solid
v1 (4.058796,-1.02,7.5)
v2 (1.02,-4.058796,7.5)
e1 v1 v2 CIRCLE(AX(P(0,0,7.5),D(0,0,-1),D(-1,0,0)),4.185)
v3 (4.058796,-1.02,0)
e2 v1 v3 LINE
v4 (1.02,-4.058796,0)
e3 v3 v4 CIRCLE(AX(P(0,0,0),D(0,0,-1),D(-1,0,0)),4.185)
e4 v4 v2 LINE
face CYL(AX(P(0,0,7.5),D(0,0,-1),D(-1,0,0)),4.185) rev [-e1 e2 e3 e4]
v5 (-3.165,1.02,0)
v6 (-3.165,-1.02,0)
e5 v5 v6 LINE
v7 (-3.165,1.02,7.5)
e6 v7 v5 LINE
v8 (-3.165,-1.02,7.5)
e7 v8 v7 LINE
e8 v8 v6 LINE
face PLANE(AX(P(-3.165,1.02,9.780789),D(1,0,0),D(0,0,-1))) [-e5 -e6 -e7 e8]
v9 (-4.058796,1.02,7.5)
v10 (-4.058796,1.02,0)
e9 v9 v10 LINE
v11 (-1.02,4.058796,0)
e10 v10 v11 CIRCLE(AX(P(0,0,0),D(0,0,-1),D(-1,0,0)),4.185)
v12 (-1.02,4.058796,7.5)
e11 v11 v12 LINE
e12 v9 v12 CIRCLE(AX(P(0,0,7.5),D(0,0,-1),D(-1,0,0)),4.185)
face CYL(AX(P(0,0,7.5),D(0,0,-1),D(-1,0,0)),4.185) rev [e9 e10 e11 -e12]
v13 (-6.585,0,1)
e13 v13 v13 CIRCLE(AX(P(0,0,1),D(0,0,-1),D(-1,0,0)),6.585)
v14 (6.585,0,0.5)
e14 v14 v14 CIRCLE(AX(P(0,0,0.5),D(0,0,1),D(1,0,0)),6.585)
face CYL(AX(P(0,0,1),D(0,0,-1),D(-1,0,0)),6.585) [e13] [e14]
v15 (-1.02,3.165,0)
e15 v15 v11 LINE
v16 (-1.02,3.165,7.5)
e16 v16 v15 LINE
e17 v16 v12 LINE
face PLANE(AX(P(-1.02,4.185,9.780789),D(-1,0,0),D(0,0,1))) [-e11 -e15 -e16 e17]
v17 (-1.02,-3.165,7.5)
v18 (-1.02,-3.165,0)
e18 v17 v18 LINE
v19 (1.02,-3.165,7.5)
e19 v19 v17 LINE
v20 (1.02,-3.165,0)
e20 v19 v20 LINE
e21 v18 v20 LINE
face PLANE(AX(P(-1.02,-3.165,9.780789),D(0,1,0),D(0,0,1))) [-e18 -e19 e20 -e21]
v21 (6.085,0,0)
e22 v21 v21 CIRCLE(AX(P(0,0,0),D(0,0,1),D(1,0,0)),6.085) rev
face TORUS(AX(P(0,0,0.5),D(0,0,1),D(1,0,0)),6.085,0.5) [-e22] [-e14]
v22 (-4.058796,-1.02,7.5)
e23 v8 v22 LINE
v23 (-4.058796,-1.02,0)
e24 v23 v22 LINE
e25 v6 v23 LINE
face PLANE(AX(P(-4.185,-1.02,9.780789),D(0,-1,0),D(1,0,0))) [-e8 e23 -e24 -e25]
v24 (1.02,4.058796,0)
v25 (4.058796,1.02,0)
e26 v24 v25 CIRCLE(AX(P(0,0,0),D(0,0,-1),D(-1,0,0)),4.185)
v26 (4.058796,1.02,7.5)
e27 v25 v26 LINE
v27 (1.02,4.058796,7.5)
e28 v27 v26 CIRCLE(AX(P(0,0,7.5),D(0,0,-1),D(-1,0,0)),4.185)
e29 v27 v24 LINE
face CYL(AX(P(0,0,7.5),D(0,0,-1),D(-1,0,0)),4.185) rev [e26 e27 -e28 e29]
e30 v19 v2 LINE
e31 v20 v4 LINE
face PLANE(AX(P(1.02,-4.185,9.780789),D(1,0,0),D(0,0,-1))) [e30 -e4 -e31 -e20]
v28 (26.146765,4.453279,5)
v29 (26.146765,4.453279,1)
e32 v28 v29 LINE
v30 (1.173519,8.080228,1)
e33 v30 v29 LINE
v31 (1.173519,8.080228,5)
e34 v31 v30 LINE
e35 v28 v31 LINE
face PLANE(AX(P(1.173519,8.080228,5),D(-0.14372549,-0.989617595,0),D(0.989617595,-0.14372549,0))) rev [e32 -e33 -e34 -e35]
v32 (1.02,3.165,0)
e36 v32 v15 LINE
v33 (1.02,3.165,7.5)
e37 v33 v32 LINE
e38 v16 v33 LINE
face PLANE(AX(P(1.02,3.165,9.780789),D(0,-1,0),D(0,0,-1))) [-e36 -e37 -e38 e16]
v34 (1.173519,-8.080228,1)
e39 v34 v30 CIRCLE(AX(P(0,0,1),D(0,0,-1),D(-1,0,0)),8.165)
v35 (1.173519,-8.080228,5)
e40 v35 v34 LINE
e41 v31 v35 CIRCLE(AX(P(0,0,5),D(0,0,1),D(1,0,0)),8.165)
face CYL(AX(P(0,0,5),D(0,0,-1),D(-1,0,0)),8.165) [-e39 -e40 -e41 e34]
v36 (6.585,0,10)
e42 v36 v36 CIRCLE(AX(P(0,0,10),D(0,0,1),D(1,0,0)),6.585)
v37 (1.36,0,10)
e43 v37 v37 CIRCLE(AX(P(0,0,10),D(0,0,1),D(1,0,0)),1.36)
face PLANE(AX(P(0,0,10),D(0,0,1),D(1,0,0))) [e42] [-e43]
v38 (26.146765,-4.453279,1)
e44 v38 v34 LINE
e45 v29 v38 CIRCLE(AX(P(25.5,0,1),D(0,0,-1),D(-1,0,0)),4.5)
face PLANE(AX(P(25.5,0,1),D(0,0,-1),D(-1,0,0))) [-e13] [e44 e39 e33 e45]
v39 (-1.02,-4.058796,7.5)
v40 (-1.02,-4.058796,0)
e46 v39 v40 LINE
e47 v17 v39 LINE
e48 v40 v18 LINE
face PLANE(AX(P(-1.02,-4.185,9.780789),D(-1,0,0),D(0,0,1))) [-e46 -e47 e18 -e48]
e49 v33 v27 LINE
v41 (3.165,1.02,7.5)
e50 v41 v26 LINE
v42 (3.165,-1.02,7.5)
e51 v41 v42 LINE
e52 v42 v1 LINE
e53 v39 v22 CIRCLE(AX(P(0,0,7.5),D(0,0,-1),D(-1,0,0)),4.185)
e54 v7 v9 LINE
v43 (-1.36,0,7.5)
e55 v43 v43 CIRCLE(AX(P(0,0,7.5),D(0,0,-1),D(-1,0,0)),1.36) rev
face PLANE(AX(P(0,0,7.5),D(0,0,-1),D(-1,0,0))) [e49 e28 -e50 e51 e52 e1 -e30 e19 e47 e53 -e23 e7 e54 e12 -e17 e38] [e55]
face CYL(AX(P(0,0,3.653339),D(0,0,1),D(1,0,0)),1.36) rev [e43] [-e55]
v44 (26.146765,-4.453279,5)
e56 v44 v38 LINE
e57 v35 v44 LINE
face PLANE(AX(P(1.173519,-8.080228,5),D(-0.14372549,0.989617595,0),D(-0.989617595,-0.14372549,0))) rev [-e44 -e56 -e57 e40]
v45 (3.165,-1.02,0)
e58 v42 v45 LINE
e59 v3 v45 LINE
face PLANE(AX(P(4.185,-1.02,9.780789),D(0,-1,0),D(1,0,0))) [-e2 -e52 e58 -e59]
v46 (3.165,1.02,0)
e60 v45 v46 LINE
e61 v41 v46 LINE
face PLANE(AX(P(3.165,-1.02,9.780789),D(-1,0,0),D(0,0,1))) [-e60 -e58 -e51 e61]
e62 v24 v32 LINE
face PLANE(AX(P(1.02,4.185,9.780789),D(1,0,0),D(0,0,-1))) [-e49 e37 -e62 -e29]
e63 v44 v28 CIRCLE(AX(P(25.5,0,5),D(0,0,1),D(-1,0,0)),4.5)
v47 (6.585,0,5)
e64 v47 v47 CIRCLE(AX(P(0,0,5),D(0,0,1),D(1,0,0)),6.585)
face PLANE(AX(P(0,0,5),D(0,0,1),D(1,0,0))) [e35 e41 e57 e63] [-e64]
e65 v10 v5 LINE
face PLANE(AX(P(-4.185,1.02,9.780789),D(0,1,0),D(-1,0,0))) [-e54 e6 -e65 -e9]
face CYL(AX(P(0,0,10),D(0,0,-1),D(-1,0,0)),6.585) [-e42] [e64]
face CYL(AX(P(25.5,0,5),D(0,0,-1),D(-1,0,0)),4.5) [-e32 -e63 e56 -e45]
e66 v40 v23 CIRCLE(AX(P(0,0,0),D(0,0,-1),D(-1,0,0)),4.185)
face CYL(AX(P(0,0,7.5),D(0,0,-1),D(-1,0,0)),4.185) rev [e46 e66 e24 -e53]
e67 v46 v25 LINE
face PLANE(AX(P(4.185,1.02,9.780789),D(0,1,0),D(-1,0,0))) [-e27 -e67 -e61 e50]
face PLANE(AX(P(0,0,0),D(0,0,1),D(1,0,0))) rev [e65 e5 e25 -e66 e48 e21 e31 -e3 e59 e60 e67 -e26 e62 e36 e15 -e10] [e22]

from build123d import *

# Parameters (mm, degrees)
BOSS_EXTRUDE3_DEPTH = 5
SKETCH3_R           = 6.585
BOSS_EXTRUDE4_DEPTH = 5
SKETCH5_R           = 4.185
CUT_EXTRUDE1_DEPTH  = 7.5
SKETCH4_W           = 2.04
SKETCH4_H           = 1.02
SKETCH4_W_2         = 1.02
SKETCH4_H_2         = 2.04
BOSS_EXTRUDE5_DEPTH = 7.5
SKETCH6_R           = 1.36
CUT_EXTRUDE2_DEPTH  = 2.5
SKETCH7_R           = 6.585
CUT_EXTRUDE3_DEPTH  = 1
FILLET1_R           = 0.5


with BuildPart() as part:
    # Sketch1 → Boss-Extrude3 (new body)
    with BuildSketch(Plane.XY):
        with BuildLine():
            Line((1.173518627, 8.08022766), (26.146764706, 4.453279176))
            ThreePointArc((26.146764706, 4.453279176), (30, 0), (26.146764706, -4.453279176))
            Line((26.146764706, -4.453279176), (1.173518627, -8.08022766))
            ThreePointArc((1.173518627, -8.08022766), (-8.165, 0), (1.173518627, 8.08022766))
        make_face()
    extrude(amount=BOSS_EXTRUDE3_DEPTH)

    # Sketch3 → Boss-Extrude4 (add)
    with BuildSketch(Plane.XY.offset(5)):
        Circle(SKETCH3_R)
    extrude(amount=BOSS_EXTRUDE4_DEPTH)

    # Sketch5 → Cut-Extrude1 (cut)
    with BuildSketch(Plane(origin=(0, 0, 0), x_dir=(-1, 0, 0), z_dir=(0, 0, -1))):
        Circle(SKETCH5_R)
    extrude(amount=-CUT_EXTRUDE1_DEPTH, mode=Mode.SUBTRACT)

    # Sketch4 → Boss-Extrude5 (add)
    with BuildSketch(Plane(origin=(0, 0, 0), x_dir=(-1, 0, 0), z_dir=(0, 0, -1))):
        with Locations((0, 3.675)):
            Rectangle(SKETCH4_W, SKETCH4_H)
        with Locations((3.675, 0)):
            Rectangle(SKETCH4_W_2, SKETCH4_H_2)
        with Locations((0, -3.675)):
            Rectangle(SKETCH4_W, SKETCH4_H)
        with Locations((-3.675, 0)):
            Rectangle(SKETCH4_W_2, SKETCH4_H_2)
    extrude(amount=-BOSS_EXTRUDE5_DEPTH)

    # Sketch6 → Cut-Extrude2 (cut)
    with BuildSketch(Plane.XY.offset(10)):
        Circle(SKETCH6_R)
    extrude(amount=-CUT_EXTRUDE2_DEPTH, mode=Mode.SUBTRACT)

    # Sketch7 → Cut-Extrude3 (cut)
    with BuildSketch(Plane(origin=(0, 0, 0), x_dir=(-1, 0, 0), z_dir=(0, 0, -1))):
        with BuildLine():
            Line((-26.146764706, 4.453279176), (-1.173518627, 8.08022766))
            ThreePointArc((-1.173518627, 8.08022766), (8.165, 0), (-1.173518627, -8.08022766))
            Line((-1.173518627, -8.08022766), (-26.146764706, -4.453279176))
            ThreePointArc((-26.146764706, -4.453279176), (-30, 0), (-26.146764706, 4.453279176))
        make_face()
        with Locations(Location((0, 0, 0), (0, 0, 180))):
            Circle(SKETCH7_R, mode=Mode.SUBTRACT)
    extrude(amount=-CUT_EXTRUDE3_DEPTH, mode=Mode.SUBTRACT)

    # Fillet1
    fillet1_edges = [part.edges().sort_by_distance(p)[0] for p in [
        (-6.585, 0, 0),
    ]]
    fillet(fillet1_edges, radius=FILLET1_R)


solid = part.part
